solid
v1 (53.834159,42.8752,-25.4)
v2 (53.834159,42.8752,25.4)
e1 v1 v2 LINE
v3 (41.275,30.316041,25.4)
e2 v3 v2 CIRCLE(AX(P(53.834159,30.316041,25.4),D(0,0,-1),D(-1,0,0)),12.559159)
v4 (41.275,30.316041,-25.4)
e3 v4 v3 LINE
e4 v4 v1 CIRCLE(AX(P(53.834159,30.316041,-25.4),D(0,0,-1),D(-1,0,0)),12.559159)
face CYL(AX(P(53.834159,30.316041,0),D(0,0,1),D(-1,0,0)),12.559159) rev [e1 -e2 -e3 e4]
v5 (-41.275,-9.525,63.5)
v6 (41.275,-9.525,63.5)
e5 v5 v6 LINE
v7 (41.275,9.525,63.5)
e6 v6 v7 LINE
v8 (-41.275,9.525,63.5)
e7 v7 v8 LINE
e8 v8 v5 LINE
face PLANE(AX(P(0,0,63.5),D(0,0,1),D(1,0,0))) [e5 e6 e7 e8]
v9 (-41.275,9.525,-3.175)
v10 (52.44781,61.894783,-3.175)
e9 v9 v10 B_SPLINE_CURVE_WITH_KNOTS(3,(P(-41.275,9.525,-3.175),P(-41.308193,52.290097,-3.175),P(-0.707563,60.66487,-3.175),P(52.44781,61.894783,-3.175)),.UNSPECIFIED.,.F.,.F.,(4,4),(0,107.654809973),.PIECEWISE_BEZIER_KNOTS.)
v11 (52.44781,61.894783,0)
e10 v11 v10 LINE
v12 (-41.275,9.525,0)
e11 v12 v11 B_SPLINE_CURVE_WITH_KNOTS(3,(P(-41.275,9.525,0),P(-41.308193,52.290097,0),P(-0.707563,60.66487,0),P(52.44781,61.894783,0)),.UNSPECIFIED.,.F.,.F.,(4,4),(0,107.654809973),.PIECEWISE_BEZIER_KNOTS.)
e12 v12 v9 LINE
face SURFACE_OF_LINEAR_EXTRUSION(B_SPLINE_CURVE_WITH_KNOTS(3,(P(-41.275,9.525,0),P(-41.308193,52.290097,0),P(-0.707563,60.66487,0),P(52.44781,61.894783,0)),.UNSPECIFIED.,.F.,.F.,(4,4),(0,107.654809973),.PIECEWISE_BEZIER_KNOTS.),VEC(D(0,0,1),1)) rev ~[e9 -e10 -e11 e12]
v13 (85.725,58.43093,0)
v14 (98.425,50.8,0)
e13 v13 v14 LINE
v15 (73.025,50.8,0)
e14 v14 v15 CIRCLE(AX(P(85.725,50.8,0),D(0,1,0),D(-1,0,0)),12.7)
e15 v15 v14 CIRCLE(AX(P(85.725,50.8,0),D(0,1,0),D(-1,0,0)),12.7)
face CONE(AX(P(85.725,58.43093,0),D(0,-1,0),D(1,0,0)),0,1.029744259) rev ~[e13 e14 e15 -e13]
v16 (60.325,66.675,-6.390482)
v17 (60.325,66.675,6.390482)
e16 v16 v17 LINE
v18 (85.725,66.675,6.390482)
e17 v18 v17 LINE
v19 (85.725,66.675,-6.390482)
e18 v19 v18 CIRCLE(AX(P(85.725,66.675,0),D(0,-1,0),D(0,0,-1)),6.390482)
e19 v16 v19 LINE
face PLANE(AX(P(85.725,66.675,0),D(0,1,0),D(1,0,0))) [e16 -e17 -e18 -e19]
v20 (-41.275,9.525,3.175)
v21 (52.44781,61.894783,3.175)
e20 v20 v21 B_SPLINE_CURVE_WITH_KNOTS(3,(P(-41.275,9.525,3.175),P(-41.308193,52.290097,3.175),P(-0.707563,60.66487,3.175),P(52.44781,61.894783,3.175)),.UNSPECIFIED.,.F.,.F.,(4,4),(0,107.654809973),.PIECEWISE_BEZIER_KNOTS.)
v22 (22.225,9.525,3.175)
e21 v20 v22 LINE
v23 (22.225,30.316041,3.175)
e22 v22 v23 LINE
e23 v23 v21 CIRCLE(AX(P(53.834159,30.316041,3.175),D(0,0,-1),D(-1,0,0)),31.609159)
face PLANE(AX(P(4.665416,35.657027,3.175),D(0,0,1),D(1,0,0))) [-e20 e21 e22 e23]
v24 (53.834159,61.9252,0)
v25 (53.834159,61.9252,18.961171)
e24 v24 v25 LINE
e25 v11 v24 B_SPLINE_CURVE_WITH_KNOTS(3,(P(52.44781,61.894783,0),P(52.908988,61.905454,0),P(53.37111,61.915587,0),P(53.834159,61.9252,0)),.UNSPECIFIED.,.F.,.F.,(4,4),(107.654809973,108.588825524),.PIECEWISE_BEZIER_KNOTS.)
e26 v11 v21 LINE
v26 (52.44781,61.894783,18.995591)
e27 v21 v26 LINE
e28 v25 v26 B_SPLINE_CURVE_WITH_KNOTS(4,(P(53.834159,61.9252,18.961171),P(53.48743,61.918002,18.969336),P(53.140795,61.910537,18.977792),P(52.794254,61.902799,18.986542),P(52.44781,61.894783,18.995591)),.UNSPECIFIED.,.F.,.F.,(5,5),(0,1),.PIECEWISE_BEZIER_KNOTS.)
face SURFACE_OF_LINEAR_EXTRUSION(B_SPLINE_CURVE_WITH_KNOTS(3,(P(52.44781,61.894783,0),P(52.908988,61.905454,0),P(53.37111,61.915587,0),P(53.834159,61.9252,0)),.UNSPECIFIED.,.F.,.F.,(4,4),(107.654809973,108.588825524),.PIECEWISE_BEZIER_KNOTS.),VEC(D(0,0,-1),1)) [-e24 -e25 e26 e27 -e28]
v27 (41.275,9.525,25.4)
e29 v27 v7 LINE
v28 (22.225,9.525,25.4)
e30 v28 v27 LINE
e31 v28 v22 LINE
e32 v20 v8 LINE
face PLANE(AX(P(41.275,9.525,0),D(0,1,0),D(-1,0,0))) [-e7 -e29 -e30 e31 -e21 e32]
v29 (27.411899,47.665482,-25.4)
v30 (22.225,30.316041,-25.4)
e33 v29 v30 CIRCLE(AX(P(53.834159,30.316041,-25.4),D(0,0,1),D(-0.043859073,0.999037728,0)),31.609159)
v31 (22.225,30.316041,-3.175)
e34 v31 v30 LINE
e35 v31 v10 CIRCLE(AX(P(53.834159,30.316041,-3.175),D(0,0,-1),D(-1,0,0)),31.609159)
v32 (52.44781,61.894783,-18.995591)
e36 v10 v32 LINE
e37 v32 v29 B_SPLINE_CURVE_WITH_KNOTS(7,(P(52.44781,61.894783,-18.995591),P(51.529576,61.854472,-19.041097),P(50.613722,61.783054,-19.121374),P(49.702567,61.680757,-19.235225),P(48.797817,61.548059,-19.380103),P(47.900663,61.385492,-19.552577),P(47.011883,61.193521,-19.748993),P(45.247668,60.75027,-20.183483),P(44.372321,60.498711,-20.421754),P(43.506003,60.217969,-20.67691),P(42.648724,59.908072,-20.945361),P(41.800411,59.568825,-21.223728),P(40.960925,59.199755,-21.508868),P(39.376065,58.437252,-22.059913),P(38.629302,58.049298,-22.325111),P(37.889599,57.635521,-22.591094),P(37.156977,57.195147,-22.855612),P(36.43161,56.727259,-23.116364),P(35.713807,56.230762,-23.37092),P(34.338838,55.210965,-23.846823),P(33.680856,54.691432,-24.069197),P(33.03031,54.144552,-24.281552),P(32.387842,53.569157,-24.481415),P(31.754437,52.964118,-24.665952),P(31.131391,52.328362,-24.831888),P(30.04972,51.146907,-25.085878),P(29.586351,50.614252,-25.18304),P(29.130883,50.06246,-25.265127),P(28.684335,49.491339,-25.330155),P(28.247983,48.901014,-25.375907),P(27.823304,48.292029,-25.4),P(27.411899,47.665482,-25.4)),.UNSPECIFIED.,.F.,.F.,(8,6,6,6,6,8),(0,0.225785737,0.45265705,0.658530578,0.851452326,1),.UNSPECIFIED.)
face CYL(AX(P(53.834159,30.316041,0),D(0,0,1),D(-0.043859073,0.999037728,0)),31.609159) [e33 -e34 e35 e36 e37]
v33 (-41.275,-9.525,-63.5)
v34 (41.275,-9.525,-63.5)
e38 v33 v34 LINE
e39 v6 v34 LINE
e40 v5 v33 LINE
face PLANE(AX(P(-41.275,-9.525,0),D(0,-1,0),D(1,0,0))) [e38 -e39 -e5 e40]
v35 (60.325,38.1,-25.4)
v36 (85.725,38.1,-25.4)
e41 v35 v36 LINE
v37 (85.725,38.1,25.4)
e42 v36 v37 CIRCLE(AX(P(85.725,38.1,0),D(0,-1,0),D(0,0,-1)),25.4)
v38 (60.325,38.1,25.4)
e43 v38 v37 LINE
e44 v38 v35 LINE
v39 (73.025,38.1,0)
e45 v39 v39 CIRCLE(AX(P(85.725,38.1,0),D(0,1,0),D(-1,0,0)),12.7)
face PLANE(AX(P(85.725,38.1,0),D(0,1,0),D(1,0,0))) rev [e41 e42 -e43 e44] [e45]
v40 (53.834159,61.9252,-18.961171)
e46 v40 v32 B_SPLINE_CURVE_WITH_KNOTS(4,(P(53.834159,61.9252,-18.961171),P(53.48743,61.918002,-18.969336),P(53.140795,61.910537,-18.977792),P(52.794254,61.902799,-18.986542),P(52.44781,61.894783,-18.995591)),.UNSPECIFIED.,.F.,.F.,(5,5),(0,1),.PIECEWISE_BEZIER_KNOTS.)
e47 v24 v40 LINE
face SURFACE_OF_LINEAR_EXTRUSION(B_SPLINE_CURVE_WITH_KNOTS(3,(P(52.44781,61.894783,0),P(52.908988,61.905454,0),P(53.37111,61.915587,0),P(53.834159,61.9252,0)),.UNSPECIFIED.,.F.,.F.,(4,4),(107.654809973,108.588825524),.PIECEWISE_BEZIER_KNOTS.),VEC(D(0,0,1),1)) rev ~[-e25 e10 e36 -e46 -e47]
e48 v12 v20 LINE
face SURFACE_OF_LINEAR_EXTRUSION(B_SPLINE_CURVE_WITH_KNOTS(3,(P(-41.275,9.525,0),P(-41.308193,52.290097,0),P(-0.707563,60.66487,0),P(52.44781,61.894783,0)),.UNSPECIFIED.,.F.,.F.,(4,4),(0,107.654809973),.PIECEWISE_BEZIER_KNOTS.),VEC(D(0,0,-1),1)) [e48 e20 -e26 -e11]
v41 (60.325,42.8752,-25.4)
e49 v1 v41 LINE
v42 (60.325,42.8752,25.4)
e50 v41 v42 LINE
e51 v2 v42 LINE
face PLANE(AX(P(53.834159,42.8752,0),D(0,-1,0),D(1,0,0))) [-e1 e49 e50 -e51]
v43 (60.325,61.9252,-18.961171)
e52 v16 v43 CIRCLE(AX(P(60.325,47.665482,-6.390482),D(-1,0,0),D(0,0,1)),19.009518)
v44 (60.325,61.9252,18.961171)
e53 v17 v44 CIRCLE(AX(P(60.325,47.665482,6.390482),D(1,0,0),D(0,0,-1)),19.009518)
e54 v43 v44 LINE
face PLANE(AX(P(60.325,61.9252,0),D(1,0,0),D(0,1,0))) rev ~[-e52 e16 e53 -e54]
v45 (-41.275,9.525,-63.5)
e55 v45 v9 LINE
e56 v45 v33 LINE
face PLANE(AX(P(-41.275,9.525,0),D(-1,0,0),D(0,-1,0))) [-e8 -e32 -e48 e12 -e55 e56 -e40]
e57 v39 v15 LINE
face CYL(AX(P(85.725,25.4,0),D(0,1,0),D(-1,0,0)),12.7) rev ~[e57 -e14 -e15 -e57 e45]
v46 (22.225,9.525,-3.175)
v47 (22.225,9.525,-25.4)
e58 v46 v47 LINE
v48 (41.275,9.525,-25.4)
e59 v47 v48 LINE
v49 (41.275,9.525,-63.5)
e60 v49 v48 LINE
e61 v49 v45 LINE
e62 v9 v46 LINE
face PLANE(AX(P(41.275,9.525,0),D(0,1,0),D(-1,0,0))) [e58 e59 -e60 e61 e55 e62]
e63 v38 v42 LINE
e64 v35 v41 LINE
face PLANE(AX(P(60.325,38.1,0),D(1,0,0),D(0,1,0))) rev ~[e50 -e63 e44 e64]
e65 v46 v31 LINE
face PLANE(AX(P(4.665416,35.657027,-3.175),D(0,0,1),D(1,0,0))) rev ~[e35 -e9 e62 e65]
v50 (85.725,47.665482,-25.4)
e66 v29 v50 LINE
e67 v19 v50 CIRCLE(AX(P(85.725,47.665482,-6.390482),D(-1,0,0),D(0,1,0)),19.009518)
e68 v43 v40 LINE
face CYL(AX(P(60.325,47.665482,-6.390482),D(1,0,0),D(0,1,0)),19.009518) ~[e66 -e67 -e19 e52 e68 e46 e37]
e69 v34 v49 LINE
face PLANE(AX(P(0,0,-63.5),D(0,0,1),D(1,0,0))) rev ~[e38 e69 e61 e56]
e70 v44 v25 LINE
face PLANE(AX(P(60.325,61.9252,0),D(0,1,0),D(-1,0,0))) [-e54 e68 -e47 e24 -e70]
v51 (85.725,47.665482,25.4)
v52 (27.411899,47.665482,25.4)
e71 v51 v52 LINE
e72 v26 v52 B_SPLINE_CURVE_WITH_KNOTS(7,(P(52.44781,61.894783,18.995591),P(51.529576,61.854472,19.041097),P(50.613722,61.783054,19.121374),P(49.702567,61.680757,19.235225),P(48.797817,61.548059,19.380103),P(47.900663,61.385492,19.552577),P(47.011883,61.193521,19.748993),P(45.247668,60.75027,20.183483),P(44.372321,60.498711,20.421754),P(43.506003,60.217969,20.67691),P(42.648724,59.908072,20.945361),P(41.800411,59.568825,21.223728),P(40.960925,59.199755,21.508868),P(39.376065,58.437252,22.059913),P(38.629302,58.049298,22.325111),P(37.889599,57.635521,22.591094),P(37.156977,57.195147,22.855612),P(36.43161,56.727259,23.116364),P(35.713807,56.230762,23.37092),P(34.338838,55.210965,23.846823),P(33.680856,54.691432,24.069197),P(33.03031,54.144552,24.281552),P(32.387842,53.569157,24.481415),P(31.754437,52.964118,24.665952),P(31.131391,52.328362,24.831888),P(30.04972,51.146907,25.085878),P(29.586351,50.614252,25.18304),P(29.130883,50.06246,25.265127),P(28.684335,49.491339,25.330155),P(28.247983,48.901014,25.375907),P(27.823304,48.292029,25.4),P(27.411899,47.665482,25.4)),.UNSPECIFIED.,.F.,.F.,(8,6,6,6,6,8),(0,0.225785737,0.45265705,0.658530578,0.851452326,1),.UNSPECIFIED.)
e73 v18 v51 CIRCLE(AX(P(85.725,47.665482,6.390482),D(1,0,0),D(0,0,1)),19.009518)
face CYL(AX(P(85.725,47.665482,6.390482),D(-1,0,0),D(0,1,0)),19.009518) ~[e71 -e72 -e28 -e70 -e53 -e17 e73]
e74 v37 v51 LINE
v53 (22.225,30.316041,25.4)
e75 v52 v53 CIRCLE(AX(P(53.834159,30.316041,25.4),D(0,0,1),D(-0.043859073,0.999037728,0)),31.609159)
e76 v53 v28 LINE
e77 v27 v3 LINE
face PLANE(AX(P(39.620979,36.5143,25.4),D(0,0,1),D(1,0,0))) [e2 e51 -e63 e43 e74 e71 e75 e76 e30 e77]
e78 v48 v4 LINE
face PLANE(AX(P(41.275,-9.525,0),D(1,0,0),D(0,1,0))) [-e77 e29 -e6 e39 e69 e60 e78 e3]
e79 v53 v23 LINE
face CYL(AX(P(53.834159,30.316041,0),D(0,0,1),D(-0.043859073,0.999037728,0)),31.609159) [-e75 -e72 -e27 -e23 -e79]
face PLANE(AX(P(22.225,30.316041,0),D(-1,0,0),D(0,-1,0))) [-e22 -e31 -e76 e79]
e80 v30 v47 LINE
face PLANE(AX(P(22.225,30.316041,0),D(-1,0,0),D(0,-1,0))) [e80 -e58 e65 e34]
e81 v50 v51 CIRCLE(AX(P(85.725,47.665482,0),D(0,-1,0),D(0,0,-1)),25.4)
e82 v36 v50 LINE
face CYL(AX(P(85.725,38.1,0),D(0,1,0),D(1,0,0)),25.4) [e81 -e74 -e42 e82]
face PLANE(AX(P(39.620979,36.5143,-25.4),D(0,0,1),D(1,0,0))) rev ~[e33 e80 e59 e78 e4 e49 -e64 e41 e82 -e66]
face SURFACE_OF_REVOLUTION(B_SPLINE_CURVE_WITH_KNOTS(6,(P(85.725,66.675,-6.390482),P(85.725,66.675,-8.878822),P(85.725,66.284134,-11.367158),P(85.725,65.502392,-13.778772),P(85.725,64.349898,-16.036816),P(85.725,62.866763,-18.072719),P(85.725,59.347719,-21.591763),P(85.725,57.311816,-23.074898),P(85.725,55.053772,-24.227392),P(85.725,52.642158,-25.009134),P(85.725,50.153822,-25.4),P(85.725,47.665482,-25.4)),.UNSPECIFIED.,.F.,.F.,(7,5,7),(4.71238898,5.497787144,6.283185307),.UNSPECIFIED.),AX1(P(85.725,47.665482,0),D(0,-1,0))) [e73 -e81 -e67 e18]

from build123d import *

# Parameters (mm, degrees)
F1_DEPTH = 63.5
F0_W     = 25.4
F0_H     = 19.05
F0_H_2   = 4.7498
F0_H_3   = 4.7752
F2_DEPTH = 25.4
F3_DEPTH = 3.175
F5_R     = 19.0095175901
F7_D     = 25.4
F7_DEPTH = 12.7
F7_TIP   = 7.6309298617


with BuildPart() as f1:
    # F0 (on Top) → F1 (new body, symmetric)
    with BuildSketch(Plane.XY):
        Polygon((41.275, -9.525), (41.275, 9.525), (22.225, 9.525), (-41.275, 9.525), (-41.275, -9.525), align=None)
    extrude(amount=F1_DEPTH, both=True)

    # F0 (on Top) → F2 (join, symmetric)
    with BuildSketch(Plane.XY):
        with BuildLine():
            Line((22.225, 9.525), (41.275, 9.525))
            Line((41.275, 9.525), (41.275, 30.3160412997))
            ThreePointArc((41.275, 30.3160412997), (44.9534924173, 39.1967075827), (53.8341587003, 42.8752))
            Line((53.8341587003, 42.8752), (60.325, 42.8752))
            Line((60.325, 42.8752), (60.325, 61.9252))
            Line((60.325, 61.9252), (53.8341587003, 61.9252))
            add(Edge.make_bspline(
                [(52.4478102945, 61.8947833874), (52.9089875046, 61.9054541447), (53.3711097525, 61.9155870845), (53.8341587003, 61.9252)],
                knots=[107.6548099731, 107.6548099731, 107.6548099731, 107.6548099731, 108.5888255242, 108.5888255242, 108.5888255242, 108.5888255242], degree=3))
            ThreePointArc((52.4478102945, 61.8947833874), (30.9982196949, 52.1714480331), (22.225, 30.3160412997))
            Line((22.225, 30.3160412997), (22.225, 9.525))
        make_face()
        with Locations((73.025, 52.4002)):
            Rectangle(F0_W, F0_H)
        with Locations((73.025, 64.3001)):
            Rectangle(F0_W, F0_H_2)
        with Locations((73.025, 40.4876)):
            Rectangle(F0_W, F0_H_3)
    extrude(amount=F2_DEPTH, both=True)

    # F0 (on Top) → F3 (join, symmetric)
    with BuildSketch(Plane.XY):
        with BuildLine():
            Line((-41.275, 9.525), (22.225, 9.525))
            Line((22.225, 9.525), (22.225, 30.3160412997))
            ThreePointArc((22.225, 30.3160412997), (30.9982196949, 52.1714480331), (52.4478102945, 61.8947833874))
            add(Edge.make_bspline(
                [(-41.275, 9.525), (-41.3081932608, 52.2900973959), (-0.7075626129, 60.6648698646), (52.4478102945, 61.8947833874)],
                knots=[0, 0, 0, 0, 107.6548099731, 107.6548099731, 107.6548099731, 107.6548099731], degree=3))
        make_face()
    extrude(amount=F3_DEPTH, both=True)

    # F0 (on Top) → F4 (revolve)
    with BuildSketch(Plane.XY):
        Polygon((85.725, 61.9252), (85.725, 42.8752), (85.725, 38.1), (111.125, 38.1), (111.125, 66.675), (85.725, 66.675), align=None)
    revolve(axis=Axis((85.725, 52.3875, 0), (0, 1, 0)))

    # F5
    f5_edges = [f1.edges().sort_by_distance(p)[0] for p in [
        (111.125, 66.675, 0),
    ]]
    fillet(f5_edges, radius=F5_R)

    # F7
    with Locations(Plane.XZ.offset(-38.1)):
        with Locations((85.725, 0)):
            Hole(F7_D / 2, depth=F7_DEPTH)
            with Locations((0, 0, -(F7_DEPTH + F7_TIP / 2))):  # 118° drill point
                Cone(0, F7_D / 2, F7_TIP, mode=Mode.SUBTRACT)


solid = f1.part
